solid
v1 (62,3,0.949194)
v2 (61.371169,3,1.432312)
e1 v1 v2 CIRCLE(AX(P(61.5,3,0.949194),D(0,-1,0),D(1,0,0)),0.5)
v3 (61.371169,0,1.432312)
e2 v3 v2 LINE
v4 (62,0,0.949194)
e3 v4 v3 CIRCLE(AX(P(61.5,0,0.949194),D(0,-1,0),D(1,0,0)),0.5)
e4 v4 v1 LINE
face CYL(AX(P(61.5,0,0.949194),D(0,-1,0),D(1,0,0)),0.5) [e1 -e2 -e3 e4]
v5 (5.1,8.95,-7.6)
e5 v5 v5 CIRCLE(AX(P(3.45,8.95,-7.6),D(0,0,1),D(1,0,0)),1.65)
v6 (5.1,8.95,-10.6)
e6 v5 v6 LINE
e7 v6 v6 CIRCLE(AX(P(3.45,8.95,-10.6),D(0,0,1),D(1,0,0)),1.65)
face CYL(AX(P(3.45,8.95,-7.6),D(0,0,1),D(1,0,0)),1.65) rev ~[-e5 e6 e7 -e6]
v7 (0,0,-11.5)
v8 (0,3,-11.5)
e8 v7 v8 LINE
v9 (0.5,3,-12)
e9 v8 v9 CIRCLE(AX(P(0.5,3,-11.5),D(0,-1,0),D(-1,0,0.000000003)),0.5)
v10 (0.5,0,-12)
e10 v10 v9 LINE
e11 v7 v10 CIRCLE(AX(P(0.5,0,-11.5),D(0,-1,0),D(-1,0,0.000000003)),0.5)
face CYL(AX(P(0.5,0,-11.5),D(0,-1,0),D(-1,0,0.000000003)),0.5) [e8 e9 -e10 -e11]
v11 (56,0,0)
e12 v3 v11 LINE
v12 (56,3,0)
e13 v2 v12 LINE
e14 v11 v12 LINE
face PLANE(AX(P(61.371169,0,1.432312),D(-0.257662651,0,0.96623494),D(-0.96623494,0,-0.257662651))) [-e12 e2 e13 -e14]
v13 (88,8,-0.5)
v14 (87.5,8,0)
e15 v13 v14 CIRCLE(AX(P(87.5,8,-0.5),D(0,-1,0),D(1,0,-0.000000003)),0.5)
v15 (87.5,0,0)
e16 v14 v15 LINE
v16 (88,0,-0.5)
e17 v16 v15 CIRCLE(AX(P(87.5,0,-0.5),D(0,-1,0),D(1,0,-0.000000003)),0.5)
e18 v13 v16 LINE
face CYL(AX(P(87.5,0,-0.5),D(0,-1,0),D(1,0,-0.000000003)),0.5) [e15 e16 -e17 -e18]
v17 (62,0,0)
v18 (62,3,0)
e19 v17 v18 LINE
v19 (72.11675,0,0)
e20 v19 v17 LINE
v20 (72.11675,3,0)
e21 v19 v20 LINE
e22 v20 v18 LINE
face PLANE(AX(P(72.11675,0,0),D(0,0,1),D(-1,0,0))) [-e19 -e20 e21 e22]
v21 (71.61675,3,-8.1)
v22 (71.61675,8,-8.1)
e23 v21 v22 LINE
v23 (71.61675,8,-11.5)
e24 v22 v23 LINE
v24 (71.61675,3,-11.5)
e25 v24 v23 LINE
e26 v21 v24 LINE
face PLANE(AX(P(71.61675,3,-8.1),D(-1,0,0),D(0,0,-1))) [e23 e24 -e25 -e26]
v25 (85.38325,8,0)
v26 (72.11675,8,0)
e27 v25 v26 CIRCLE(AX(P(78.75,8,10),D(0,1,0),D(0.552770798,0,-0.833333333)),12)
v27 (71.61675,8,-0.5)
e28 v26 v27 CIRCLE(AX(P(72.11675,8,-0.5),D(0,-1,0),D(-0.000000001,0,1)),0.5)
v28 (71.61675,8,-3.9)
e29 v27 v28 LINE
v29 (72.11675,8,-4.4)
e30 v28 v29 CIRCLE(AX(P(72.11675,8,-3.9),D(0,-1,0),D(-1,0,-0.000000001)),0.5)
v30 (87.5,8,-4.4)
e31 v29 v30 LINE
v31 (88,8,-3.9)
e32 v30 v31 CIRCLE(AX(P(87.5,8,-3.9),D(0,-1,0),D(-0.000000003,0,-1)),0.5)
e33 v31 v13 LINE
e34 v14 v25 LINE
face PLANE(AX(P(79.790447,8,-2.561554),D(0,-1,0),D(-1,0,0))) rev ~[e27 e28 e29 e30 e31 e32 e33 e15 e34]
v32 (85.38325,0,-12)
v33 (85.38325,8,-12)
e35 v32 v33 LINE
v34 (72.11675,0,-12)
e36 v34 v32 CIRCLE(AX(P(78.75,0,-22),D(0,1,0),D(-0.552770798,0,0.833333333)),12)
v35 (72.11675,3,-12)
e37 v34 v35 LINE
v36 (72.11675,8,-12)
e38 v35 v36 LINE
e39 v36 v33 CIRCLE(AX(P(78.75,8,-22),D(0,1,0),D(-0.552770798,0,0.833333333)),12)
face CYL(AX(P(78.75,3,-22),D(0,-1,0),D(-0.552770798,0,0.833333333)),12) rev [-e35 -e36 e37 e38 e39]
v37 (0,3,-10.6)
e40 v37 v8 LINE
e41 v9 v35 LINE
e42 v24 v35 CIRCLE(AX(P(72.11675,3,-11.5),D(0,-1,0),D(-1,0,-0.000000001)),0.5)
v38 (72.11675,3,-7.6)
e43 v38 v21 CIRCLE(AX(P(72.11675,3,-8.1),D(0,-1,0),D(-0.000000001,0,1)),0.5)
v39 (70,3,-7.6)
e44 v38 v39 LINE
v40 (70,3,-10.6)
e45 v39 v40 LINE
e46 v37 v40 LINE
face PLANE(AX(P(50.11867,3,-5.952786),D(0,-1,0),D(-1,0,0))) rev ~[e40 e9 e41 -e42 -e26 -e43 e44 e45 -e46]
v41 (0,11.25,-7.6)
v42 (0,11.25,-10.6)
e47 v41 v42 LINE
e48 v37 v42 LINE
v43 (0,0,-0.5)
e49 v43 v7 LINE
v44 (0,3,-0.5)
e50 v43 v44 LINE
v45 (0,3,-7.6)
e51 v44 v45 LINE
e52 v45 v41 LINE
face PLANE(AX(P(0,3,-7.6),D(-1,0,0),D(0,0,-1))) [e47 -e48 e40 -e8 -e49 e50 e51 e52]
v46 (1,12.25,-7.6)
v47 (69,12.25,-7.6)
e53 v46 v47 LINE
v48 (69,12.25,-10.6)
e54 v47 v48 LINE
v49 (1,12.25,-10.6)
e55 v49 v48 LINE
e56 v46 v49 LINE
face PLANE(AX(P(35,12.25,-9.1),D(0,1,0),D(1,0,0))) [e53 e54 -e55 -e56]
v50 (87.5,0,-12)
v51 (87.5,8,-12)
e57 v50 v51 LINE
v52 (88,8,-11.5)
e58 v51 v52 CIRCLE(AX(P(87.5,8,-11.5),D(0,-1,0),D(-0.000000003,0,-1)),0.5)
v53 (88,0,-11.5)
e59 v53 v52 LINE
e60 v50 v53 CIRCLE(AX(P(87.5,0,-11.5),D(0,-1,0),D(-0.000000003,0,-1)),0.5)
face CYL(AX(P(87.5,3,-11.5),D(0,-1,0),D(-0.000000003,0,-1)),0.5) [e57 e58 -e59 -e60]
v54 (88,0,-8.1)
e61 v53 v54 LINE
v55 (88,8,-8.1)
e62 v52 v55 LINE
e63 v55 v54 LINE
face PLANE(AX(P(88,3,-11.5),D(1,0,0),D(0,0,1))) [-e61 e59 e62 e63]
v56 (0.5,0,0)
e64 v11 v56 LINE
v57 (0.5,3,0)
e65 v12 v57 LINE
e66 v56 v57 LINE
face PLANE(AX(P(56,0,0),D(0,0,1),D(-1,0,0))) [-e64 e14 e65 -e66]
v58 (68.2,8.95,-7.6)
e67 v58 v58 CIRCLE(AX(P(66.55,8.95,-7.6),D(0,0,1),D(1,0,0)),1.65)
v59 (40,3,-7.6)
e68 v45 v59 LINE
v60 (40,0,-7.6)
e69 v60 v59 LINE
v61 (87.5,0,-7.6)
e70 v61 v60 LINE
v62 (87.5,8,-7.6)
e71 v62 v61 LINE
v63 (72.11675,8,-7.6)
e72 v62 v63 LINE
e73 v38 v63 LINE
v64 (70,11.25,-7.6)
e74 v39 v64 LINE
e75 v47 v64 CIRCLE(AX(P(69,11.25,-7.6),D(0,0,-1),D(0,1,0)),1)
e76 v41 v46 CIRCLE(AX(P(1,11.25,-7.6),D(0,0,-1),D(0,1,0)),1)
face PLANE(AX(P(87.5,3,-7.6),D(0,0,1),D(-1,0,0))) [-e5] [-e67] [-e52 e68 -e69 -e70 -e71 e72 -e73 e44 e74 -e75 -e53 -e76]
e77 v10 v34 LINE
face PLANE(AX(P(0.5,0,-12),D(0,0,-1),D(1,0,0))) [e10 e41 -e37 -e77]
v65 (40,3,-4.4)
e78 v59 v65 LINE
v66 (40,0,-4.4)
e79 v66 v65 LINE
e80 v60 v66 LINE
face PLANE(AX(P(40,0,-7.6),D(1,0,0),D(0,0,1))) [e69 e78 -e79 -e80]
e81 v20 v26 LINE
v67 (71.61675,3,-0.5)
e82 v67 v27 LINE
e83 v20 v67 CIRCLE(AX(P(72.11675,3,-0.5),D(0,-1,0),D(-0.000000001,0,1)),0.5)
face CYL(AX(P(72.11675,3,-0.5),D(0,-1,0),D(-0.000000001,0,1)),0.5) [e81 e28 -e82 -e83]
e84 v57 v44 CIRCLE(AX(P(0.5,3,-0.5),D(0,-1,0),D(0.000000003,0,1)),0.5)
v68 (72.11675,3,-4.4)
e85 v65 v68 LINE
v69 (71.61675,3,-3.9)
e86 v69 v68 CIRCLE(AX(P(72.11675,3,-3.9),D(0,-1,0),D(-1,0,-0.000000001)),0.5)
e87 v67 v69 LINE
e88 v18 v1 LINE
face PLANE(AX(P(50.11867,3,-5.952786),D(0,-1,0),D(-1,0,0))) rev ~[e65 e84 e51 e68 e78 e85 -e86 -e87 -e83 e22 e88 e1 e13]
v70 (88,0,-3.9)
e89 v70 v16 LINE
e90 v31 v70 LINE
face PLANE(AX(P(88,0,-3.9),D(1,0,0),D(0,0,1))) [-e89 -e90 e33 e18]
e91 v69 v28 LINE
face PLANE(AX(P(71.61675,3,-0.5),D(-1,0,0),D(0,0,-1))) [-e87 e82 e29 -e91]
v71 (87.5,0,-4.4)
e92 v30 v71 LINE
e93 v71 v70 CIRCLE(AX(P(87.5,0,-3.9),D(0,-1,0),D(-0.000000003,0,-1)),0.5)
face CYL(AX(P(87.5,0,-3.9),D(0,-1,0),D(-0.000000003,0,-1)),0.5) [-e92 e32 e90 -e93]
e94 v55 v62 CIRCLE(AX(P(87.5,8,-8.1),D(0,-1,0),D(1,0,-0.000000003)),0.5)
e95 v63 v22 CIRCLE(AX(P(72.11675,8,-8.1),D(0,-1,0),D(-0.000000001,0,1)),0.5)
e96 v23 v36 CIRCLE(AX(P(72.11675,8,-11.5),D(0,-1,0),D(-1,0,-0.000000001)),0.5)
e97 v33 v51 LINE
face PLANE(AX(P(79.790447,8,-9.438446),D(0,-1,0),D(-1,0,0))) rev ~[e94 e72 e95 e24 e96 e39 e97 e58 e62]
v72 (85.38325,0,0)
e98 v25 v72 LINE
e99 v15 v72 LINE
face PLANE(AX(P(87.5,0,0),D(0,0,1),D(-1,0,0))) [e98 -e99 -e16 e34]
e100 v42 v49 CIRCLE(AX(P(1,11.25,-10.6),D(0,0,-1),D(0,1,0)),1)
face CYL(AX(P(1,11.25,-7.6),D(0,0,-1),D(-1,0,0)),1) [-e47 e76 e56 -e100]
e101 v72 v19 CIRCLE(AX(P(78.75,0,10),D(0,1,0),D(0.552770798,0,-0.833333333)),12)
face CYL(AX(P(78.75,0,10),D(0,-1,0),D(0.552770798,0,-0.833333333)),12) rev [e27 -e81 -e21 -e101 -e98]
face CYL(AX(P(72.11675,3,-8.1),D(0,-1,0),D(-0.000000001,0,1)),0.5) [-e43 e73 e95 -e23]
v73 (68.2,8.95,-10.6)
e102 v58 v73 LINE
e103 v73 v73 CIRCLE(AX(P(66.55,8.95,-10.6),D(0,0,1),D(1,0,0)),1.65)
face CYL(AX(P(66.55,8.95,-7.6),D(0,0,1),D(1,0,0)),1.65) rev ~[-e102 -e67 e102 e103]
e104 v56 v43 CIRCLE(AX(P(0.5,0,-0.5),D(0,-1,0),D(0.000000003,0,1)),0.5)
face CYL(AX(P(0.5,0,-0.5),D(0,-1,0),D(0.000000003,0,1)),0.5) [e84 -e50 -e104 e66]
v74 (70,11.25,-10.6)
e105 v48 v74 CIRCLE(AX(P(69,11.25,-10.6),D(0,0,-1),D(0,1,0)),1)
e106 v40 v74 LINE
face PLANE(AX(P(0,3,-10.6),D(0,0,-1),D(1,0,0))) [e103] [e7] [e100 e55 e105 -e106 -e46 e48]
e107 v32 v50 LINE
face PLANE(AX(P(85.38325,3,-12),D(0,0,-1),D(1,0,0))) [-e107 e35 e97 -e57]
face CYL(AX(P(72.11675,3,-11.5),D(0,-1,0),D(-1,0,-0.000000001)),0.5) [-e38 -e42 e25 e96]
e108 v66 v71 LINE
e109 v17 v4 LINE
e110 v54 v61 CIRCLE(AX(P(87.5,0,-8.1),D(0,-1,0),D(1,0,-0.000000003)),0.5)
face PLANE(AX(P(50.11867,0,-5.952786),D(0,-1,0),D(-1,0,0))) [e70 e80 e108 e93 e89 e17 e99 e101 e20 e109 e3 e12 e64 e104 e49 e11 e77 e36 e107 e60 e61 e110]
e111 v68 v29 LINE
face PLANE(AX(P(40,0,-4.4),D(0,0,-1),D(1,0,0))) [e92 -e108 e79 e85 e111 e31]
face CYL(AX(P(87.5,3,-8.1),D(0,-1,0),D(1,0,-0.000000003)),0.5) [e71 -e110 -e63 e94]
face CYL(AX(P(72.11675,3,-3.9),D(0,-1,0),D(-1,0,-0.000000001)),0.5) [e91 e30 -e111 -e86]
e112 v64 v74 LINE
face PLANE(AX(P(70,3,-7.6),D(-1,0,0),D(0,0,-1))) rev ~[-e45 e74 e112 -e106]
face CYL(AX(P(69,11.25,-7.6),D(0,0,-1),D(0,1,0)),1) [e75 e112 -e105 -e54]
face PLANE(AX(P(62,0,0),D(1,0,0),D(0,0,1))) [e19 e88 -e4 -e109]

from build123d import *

# Parameters (mm, degrees)
EXTRUDE_1_DEPTH     = 3
SKETCH_4_W          = 70
SKETCH_4_H          = 3
EXTRUDE_2_DEPTH     = 9.25
CUT_EXTRUDE_1_REACH = 91.308
SKETCH_5_R          = 1.65
FILLET_1_R          = 1
EXTRUDE_3_DEPTH     = 5


with BuildPart() as part:
    # ｽｹｯﾁ2 → ﾎﾞｽ - 押し出し1 (new body)
    with BuildSketch(Plane(origin=(0, 0, 0), x_dir=(1, 0, 0), z_dir=(0, 1, 0))):
        with BuildLine():
            Line((70, 7.6), (40, 7.6))
            Line((40, 7.6), (40, 4.4))
            Line((40, 4.4), (70, 4.4))
            Line((70, 4.4), (87.5, 4.4))
            ThreePointArc((87.5, 4.4), (87.853553391, 4.253553391), (88, 3.9))
            Line((88, 3.9), (88, 0.5))
            ThreePointArc((88, 0.5), (87.853553391, 0.146446609), (87.5, 0))
            Line((87.5, 0), (85.383249581, 0))
            ThreePointArc((85.383249581, 0), (78.75, 2), (72.116750419, 0))
            Line((72.116750419, 0), (70, 0))
            Line((70, 0), (62, 0))
            Line((62, 0), (62, -0.949194177))
            ThreePointArc((62, -0.949194177), (61.80461807, -1.345688605), (61.371168675, -1.432311647))
            Line((61.371168675, -1.432311647), (56, 0))
            Line((56, 0), (0.5, 0))
            ThreePointArc((0.5, 0), (0.146446609, 0.146446609), (0, 0.5))
            Line((0, 0.5), (0, 11.5))
            ThreePointArc((0, 11.5), (0.146446609, 11.853553391), (0.5, 12))
            Line((0.5, 12), (70, 12))
            Line((70, 12), (72.116750419, 12))
            ThreePointArc((72.116750419, 12), (78.75, 10), (85.383249581, 12))
            Line((85.383249581, 12), (87.5, 12))
            ThreePointArc((87.5, 12), (87.853553391, 11.853553391), (88, 11.5))
            Line((88, 11.5), (88, 8.1))
            ThreePointArc((88, 8.1), (87.853553391, 7.746446609), (87.5, 7.6))
            Line((87.5, 7.6), (70, 7.6))
        make_face()
    extrude(amount=EXTRUDE_1_DEPTH)

    # ｽｹｯﾁ4 → ﾎﾞｽ - 押し出し2 (add)
    with BuildSketch(Plane(origin=(0, 3, 0), x_dir=(1, 0, 0), z_dir=(0, 1, 0))):
        with Locations((35, 9.1)):
            Rectangle(SKETCH_4_W, SKETCH_4_H)
    extrude(amount=EXTRUDE_2_DEPTH)

    # ｽｹｯﾁ5 → ｶｯﾄ - 押し出し1 (cut, up to next)
    with BuildSketch(Plane.XY.offset(-7.6), mode=Mode.PRIVATE) as cut_extrude_1_sk1:
        with Locations((3.45, 8.95)):
            Circle(SKETCH_5_R)
    cut_extrude_1_tool1 = extrude(cut_extrude_1_sk1.sketch, amount=-CUT_EXTRUDE_1_REACH, mode=Mode.PRIVATE) & part.part
    # ｽｹｯﾁ5 → ｶｯﾄ - 押し出し1 (cut, up to next)
    with BuildSketch(Plane.XY.offset(-7.6), mode=Mode.PRIVATE) as cut_extrude_1_sk2:
        with Locations((66.55, 8.95)):
            Circle(SKETCH_5_R)
    cut_extrude_1_tool2 = extrude(cut_extrude_1_sk2.sketch, amount=-CUT_EXTRUDE_1_REACH, mode=Mode.PRIVATE) & part.part
    add(cut_extrude_1_tool1.solids().sort_by_distance((3.45, 8.95, -7.6))[0], mode=Mode.SUBTRACT)
    add(cut_extrude_1_tool2.solids().sort_by_distance((66.55, 8.95, -7.6))[0], mode=Mode.SUBTRACT)

    # ﾌｨﾚｯﾄ1
    fillet_1_edges = [part.edges().sort_by_distance(p)[0] for p in [
        (70, 12.25, -9.1),
        (0, 12.25, -9.1),
    ]]
    fillet(fillet_1_edges, radius=FILLET_1_R)

    # ｽｹｯﾁ6 → ﾎﾞｽ - 押し出し3 (add)
    with BuildSketch(Plane(origin=(0, 3, 0), x_dir=(1, 0, 0), z_dir=(0, 1, 0))):
        with BuildLine():
            Line((88, 11.5), (88, 8.1))
            ThreePointArc((88, 8.1), (87.853553391, 7.746446609), (87.5, 7.6))
            Line((87.5, 7.6), (72.116750419, 7.6))
            ThreePointArc((72.116750419, 7.6), (71.763197029, 7.746446609), (71.616750419, 8.1))
            Line((71.616750419, 8.1), (71.616750419, 11.5))
            ThreePointArc((71.616750419, 11.5), (71.763197029, 11.853553391), (72.116750419, 12))
            ThreePointArc((72.116750419, 12), (78.75, 10), (85.383249581, 12))
            Line((85.383249581, 12), (87.5, 12))
            ThreePointArc((87.5, 12), (87.853553391, 11.853553391), (88, 11.5))
        make_face()
        with BuildLine():
            Line((88, 3.9), (88, 0.5))
            ThreePointArc((88, 0.5), (87.853553391, 0.146446609), (87.5, 0))
            Line((87.5, 0), (85.383249581, 0))
            ThreePointArc((85.383249581, 0), (78.75, 2), (72.116750419, 0))
            ThreePointArc((72.116750419, 0), (71.763197029, 0.146446609), (71.616750419, 0.5))
            Line((71.616750419, 0.5), (71.616750419, 3.9))
            ThreePointArc((71.616750419, 3.9), (71.763197029, 4.253553391), (72.116750419, 4.4))
            Line((72.116750419, 4.4), (87.5, 4.4))
            ThreePointArc((87.5, 4.4), (87.853553391, 4.253553391), (88, 3.9))
        make_face()
    extrude(amount=EXTRUDE_3_DEPTH)


solid = part.part
